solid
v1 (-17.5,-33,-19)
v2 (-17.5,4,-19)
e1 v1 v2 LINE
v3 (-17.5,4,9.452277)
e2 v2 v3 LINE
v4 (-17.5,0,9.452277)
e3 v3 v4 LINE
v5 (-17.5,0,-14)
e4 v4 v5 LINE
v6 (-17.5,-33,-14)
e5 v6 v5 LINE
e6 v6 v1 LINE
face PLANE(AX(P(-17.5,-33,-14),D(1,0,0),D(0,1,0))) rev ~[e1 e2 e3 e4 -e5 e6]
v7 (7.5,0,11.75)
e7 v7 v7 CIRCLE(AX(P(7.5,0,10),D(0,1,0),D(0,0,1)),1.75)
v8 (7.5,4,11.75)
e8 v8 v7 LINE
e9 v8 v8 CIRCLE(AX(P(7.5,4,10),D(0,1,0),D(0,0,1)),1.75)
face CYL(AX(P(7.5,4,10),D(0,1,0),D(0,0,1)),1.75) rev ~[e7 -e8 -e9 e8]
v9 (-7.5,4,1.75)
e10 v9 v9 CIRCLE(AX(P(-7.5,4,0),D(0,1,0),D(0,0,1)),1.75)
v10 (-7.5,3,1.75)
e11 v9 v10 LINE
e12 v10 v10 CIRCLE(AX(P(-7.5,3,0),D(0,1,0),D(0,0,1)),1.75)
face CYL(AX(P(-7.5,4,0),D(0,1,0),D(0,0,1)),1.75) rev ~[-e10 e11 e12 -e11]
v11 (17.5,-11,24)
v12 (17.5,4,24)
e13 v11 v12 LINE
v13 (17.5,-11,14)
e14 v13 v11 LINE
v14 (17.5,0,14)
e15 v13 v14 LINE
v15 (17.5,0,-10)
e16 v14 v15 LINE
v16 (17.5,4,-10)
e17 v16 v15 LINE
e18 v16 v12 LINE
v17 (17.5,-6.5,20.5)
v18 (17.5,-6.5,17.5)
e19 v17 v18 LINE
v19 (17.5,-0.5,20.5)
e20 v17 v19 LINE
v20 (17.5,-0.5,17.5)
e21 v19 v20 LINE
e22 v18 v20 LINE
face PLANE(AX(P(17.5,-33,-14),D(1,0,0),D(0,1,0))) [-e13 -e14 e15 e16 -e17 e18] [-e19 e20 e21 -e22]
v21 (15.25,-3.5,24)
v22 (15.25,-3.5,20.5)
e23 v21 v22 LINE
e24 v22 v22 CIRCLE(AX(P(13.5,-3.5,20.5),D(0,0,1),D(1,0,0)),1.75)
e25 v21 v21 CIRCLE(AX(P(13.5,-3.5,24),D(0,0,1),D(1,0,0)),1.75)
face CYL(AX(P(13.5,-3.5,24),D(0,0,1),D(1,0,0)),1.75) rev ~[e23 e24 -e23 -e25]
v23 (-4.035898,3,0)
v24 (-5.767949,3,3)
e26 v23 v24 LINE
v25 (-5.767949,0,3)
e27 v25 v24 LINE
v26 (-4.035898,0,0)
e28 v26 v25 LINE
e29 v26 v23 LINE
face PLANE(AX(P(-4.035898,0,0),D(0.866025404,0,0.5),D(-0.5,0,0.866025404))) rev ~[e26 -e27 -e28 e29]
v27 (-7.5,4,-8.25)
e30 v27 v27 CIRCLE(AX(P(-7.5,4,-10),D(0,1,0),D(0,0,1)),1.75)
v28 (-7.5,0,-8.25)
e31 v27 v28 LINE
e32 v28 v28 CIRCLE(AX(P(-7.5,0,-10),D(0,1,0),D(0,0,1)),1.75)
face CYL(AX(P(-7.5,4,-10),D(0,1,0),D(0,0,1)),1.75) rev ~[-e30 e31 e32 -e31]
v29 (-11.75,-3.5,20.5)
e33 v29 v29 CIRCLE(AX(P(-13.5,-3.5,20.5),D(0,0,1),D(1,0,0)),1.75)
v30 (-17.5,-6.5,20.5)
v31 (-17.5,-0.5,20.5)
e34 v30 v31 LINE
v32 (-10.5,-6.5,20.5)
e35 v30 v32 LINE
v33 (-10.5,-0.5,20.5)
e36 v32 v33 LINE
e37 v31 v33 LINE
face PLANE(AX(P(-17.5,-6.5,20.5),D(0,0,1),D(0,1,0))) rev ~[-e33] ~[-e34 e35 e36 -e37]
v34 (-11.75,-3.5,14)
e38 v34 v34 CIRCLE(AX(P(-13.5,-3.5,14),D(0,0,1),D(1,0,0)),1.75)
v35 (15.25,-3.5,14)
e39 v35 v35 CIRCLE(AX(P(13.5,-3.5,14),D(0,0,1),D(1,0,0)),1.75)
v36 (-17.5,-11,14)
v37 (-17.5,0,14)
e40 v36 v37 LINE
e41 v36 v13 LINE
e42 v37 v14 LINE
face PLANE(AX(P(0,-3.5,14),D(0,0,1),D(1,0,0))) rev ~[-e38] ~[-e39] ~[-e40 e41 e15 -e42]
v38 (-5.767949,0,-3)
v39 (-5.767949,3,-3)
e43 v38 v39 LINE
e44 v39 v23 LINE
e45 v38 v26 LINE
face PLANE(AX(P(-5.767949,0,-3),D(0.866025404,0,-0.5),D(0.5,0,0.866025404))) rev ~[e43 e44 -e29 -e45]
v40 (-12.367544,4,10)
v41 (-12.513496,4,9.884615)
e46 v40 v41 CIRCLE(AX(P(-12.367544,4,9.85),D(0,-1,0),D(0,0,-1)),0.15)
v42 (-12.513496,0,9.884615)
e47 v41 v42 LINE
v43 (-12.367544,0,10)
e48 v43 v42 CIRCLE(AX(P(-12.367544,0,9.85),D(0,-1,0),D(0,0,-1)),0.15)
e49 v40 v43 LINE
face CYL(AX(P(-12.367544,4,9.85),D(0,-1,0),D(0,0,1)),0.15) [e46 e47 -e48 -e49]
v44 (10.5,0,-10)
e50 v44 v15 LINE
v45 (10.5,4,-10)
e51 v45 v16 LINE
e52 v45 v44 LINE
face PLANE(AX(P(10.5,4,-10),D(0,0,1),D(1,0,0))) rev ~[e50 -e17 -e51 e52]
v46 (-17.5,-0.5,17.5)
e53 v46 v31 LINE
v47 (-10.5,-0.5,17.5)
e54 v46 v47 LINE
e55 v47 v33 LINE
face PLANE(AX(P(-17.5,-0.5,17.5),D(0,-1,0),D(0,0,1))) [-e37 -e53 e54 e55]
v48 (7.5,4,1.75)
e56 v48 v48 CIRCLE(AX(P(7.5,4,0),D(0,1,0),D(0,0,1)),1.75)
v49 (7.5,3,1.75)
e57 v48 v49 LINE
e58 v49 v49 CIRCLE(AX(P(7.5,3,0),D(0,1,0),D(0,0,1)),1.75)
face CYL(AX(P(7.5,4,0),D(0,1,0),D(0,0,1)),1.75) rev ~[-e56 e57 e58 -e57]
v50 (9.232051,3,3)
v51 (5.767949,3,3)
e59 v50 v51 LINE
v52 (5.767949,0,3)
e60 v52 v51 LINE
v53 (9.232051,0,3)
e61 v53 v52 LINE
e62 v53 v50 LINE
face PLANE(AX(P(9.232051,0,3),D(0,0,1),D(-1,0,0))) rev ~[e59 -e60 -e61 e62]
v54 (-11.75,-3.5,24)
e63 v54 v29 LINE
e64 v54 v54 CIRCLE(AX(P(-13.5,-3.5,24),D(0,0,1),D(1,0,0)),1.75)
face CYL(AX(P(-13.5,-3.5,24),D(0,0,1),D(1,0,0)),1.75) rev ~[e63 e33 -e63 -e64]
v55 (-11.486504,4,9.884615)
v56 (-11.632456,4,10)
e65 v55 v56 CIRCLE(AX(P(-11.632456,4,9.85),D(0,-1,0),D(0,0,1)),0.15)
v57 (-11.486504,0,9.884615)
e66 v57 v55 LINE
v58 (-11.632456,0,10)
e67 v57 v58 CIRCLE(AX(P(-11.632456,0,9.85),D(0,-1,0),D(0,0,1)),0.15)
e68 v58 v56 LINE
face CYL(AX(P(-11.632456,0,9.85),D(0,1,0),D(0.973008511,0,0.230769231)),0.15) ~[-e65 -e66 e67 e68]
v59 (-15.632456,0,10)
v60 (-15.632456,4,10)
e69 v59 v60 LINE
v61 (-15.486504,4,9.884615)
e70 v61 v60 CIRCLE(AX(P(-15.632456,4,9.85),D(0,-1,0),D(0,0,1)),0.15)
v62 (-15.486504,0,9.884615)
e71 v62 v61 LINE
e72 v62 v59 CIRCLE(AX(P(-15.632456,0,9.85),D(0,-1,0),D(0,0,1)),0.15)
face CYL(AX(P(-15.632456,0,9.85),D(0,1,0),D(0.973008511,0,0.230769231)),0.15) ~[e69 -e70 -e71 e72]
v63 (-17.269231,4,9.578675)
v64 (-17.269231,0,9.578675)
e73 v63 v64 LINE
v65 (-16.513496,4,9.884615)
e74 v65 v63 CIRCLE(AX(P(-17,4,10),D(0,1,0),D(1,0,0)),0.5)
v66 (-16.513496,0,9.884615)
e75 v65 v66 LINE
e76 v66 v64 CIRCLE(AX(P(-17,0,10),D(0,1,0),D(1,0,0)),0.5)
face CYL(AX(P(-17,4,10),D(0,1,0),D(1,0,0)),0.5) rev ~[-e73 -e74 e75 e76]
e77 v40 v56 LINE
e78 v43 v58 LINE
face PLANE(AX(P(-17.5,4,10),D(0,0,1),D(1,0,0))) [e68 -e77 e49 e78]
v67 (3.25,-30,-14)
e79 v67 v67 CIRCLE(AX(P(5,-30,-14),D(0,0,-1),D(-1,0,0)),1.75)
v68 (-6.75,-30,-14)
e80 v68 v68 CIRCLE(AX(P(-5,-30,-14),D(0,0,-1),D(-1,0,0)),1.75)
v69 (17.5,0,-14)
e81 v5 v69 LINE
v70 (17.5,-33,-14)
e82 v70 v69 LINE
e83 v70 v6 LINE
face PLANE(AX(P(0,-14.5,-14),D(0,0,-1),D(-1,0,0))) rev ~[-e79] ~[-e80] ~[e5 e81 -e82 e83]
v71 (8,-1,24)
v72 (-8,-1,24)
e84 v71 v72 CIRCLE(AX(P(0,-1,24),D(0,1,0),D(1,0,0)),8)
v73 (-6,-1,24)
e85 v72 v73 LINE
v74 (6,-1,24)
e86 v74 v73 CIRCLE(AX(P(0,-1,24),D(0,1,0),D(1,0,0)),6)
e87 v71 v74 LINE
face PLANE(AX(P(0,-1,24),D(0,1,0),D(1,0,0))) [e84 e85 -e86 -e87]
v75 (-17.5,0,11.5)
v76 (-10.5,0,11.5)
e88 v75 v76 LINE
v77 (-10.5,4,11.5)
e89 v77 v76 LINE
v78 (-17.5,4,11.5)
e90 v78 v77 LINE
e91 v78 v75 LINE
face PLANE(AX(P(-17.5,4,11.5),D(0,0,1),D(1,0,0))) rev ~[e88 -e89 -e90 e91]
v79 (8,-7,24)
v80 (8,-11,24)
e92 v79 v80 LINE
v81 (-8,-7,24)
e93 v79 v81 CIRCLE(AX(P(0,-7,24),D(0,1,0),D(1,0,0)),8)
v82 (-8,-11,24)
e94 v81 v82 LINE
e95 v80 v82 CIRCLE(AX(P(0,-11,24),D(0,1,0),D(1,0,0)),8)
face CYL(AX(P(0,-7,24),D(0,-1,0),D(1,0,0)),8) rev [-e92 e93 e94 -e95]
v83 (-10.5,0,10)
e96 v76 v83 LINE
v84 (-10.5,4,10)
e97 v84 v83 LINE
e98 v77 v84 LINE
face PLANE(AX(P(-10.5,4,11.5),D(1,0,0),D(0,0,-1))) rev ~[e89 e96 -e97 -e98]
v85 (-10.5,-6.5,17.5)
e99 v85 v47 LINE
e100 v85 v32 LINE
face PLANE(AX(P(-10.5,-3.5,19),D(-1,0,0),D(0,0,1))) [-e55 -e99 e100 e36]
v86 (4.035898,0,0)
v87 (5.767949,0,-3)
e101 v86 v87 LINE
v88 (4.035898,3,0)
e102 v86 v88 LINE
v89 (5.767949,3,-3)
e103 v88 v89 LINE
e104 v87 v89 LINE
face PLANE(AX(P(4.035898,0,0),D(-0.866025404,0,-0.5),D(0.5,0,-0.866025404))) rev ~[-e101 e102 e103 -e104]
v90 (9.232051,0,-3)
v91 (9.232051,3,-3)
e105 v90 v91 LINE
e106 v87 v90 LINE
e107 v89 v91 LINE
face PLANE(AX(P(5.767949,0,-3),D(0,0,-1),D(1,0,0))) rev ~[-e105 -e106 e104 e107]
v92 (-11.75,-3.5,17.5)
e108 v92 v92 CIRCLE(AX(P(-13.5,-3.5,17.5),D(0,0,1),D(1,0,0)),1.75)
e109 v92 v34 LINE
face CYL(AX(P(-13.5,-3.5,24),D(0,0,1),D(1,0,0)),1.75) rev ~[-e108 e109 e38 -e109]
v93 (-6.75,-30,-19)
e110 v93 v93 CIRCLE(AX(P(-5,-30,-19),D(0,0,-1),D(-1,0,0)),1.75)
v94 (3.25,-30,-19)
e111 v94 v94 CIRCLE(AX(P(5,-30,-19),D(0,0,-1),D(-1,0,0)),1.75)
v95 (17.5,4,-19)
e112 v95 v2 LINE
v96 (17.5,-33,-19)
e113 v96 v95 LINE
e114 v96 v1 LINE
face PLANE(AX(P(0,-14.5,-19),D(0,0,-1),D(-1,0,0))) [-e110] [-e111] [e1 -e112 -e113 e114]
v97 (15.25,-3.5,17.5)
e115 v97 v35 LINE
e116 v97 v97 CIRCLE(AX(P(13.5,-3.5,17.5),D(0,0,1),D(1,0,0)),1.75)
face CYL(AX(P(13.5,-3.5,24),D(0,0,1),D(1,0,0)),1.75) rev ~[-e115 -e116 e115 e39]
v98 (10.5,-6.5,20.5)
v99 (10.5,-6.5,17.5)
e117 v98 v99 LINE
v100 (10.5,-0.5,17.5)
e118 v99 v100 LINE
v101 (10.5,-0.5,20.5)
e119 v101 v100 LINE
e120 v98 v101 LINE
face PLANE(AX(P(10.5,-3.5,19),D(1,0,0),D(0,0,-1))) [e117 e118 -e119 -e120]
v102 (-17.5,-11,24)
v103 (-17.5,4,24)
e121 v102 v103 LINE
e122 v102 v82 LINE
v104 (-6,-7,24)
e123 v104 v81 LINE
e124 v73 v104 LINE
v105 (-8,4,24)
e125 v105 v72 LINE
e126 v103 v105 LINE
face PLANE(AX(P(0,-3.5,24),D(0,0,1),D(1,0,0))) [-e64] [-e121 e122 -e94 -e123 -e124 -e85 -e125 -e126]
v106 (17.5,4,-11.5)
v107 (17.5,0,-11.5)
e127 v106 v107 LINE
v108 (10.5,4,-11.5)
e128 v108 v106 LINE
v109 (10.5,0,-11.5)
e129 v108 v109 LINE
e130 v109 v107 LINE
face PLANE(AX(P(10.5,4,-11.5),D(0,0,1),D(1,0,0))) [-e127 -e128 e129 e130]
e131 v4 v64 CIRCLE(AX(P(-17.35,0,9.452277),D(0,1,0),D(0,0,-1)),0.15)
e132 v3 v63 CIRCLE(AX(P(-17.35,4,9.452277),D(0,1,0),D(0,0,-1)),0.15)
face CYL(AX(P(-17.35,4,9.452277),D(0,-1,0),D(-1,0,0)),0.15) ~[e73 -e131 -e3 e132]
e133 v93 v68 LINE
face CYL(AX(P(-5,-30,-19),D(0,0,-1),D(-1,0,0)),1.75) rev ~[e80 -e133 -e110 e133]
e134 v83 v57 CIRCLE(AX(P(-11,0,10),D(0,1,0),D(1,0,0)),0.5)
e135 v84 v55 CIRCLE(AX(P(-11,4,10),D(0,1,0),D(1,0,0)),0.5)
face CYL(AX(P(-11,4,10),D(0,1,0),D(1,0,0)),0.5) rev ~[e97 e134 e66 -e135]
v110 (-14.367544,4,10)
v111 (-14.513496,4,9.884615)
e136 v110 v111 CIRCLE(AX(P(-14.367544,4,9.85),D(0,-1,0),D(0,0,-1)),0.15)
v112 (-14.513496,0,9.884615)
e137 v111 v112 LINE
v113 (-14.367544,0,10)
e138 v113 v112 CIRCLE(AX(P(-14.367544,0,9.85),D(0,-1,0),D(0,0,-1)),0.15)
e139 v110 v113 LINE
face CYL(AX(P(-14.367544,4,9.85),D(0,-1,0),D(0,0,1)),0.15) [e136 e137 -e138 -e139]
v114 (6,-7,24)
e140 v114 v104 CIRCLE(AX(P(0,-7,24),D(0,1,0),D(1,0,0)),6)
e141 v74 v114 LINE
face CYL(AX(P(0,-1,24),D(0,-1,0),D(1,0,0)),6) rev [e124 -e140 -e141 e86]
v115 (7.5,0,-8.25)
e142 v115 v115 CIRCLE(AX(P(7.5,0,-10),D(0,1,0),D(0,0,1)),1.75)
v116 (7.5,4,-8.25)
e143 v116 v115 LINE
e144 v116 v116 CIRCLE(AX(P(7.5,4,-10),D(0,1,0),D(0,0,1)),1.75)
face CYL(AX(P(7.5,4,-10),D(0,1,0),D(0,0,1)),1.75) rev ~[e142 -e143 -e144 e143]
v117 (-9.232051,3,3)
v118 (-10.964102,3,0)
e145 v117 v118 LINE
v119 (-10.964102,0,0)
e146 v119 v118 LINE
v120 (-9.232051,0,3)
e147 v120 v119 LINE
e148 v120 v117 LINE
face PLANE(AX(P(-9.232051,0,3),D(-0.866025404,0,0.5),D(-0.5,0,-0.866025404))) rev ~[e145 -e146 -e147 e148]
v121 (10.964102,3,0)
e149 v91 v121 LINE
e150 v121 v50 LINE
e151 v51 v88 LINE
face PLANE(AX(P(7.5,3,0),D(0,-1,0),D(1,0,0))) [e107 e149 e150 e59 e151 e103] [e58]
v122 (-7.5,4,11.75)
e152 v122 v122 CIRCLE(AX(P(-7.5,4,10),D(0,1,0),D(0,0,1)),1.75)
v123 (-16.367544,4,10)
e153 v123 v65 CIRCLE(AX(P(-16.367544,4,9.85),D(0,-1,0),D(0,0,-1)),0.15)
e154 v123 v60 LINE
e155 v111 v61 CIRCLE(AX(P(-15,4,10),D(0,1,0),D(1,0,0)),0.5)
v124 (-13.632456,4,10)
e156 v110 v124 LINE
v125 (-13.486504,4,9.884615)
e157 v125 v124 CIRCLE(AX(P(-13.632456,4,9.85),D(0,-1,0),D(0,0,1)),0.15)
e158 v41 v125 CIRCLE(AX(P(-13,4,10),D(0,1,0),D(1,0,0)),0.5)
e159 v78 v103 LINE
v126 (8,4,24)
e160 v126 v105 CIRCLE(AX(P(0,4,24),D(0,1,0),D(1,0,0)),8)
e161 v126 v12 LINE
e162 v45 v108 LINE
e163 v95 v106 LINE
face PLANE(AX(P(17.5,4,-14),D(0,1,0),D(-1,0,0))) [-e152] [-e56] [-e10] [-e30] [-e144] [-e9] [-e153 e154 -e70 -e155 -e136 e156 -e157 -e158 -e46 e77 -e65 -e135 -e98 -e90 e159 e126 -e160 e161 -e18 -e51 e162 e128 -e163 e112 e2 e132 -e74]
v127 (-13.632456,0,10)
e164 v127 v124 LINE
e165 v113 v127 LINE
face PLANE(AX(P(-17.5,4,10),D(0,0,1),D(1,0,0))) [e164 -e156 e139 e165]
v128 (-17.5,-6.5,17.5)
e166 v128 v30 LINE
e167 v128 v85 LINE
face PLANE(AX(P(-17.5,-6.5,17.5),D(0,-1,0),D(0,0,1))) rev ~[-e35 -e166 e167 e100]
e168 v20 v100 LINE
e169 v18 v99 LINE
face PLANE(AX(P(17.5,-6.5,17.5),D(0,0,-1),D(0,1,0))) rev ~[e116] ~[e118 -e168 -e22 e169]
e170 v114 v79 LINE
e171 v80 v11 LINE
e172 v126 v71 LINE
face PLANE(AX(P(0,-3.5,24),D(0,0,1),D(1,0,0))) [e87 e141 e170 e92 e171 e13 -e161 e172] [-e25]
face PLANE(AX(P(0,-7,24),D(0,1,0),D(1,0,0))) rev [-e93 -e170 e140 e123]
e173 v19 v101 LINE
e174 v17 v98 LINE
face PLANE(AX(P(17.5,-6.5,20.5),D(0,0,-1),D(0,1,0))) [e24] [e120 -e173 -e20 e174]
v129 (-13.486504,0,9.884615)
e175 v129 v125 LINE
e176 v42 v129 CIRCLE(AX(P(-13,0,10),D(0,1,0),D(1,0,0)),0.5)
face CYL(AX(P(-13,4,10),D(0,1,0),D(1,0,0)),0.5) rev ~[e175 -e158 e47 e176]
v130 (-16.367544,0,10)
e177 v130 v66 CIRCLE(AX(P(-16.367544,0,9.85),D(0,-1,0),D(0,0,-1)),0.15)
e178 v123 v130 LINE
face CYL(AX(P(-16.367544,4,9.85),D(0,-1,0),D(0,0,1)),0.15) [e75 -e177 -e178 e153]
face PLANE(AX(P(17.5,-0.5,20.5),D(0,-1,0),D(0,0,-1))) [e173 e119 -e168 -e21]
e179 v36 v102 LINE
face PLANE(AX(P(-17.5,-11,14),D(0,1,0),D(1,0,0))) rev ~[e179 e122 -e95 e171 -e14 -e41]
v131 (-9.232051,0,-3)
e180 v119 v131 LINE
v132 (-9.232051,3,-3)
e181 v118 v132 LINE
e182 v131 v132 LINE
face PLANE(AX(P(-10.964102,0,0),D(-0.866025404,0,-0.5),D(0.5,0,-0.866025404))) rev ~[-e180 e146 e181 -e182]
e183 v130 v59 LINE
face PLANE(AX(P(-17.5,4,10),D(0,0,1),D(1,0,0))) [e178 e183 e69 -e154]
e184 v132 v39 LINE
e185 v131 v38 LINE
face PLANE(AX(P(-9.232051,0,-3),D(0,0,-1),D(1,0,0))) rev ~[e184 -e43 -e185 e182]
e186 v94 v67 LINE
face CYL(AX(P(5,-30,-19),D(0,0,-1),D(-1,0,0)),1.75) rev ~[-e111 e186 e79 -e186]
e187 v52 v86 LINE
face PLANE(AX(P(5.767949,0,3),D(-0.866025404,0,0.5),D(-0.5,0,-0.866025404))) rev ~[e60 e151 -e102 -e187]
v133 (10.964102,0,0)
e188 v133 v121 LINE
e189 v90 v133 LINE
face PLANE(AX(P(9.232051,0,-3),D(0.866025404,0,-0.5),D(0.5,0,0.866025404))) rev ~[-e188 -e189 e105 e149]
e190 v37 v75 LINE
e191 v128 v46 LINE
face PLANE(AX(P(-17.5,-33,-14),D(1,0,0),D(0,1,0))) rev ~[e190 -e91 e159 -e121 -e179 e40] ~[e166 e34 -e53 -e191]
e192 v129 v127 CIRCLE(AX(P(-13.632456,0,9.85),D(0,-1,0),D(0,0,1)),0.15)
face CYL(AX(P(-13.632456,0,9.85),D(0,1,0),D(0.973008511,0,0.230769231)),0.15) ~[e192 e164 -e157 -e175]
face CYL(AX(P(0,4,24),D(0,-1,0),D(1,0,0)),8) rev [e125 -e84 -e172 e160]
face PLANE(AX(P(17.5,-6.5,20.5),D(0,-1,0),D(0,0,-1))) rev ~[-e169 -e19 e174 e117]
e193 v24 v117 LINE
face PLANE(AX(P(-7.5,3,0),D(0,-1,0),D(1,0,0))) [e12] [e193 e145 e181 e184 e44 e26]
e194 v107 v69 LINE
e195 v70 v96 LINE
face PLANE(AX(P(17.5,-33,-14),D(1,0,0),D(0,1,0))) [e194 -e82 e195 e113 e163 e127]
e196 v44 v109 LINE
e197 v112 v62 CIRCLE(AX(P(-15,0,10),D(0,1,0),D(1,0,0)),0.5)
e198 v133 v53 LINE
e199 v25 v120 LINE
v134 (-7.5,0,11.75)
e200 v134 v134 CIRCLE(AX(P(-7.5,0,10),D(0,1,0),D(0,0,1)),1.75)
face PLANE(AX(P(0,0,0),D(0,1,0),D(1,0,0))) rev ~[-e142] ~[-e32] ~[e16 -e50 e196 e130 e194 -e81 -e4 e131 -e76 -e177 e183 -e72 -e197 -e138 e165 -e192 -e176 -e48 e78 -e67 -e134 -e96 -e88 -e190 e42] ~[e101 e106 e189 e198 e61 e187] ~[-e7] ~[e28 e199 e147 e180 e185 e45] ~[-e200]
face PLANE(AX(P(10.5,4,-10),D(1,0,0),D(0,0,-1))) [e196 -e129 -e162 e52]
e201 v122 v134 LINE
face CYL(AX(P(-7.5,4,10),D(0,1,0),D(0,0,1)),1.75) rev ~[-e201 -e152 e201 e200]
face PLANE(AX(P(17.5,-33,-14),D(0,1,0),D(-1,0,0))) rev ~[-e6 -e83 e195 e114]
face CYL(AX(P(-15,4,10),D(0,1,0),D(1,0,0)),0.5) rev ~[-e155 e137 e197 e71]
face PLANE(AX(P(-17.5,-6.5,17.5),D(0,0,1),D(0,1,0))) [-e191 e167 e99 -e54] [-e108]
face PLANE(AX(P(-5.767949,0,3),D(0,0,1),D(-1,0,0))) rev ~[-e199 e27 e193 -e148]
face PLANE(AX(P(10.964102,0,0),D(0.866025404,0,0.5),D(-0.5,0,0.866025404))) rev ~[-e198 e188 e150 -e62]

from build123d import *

# Parameters (mm, degrees)
SKETCH1_W           = 35
SKETCH1_H           = 28
BOSS_EXTRUDE1_DEPTH = 4
SKETCH2_R           = 1.75
CUT_EXTRUDE1_DEPTH  = 23.765104876
SKETCH3_W           = 35
SKETCH3_H           = 15
BOSS_EXTRUDE2_DEPTH = 10
CUT_REVOLVE1_ANGLE  = 180
SKETCH6_R           = 1.75
CUT_EXTRUDE3_DEPTH  = 10
SKETCH8_W           = 3
SKETCH8_H           = 6
CUT_EXTRUDE4_DEPTH  = 7
SKETCH9_W           = 3
SKETCH9_H           = 6
CUT_EXTRUDE5_DEPTH  = 7
SKETCH7_W           = 35
SKETCH7_H           = 37
BOSS_EXTRUDE3_DEPTH = 5
SKETCH10_R          = 1.75
CUT_EXTRUDE6_DEPTH  = 5
SKETCH18_W          = 7
SKETCH18_H          = 1.5
CUT_EXTRUDE14_DEPTH = 48.44733923
SKETCH19_R          = 1.75
CUT_EXTRUDE15_DEPTH = 48.44733923
CUT_EXTRUDE16_DEPTH = 3
SKETCH21_R          = 0.5
CUT_EXTRUDE17_DEPTH = 4
LPATTERN2_COUNT     = 4
LPATTERN2_PITCH     = 2
FILLET2_R           = 0.15


with BuildPart() as part:
    # Sketch1 → Boss-Extrude1 (new body)
    with BuildSketch(Plane(origin=(0, 0, 0), x_dir=(1, 0, 0), z_dir=(0, 1, 0))):
        Rectangle(SKETCH1_W, SKETCH1_H)
    extrude(amount=BOSS_EXTRUDE1_DEPTH)

    # Sketch2 → Cut-Extrude1 (cut, through all)
    with BuildSketch(Plane(origin=(0, 4, 0), x_dir=(1, 0, 0), z_dir=(0, 1, 0))):
        with Locations(Location((-7.5, -10, 0), (0, 0, 270))):
            Circle(SKETCH2_R)
        with Locations(Location((-7.5, 10, 0), (0, 0, 270))):
            Circle(SKETCH2_R)
        with Locations(Location((7.5, -10, 0), (0, 0, 270))):
            Circle(SKETCH2_R)
        with Locations(Location((7.5, 10, 0), (0, 0, 270))):
            Circle(SKETCH2_R)
    extrude(amount=-CUT_EXTRUDE1_DEPTH, mode=Mode.SUBTRACT)

    # Sketch3 → Boss-Extrude2 (add)
    with BuildSketch(Plane.XY.offset(14)):
        with Locations((0, -3.5)):
            Rectangle(SKETCH3_W, SKETCH3_H)
    extrude(amount=BOSS_EXTRUDE2_DEPTH)

    # Sketch5 → Cut-Revolve1 (revolve, cut)
    with BuildSketch(Plane.XY.offset(24)):
        Polygon((0, 4), (8, 4), (8, -1), (6, -1), (6, -7), (8, -7), (8, -11), (0, -11), align=None)
    revolve(axis=Axis((0, 4, 24), (0, 1, 0)), revolution_arc=CUT_REVOLVE1_ANGLE, mode=Mode.SUBTRACT)

    # Sketch6 → Cut-Extrude3 (cut)
    with BuildSketch(Plane.XY.offset(24)):
        with Locations((-13.5, -3.5)):
            Circle(SKETCH6_R)
        with Locations((13.5, -3.5)):
            Circle(SKETCH6_R)
    extrude(amount=-CUT_EXTRUDE3_DEPTH, mode=Mode.SUBTRACT)

    # Sketch8 → Cut-Extrude4 (cut)
    with BuildSketch(Plane.ZY.offset(17.5)):
        with Locations((19, -3.5)):
            Rectangle(SKETCH8_W, SKETCH8_H)
    extrude(amount=-CUT_EXTRUDE4_DEPTH, mode=Mode.SUBTRACT)

    # Sketch9 → Cut-Extrude5 (cut)
    with BuildSketch(Plane(origin=(17.5, 0, 0), x_dir=(0, 0, -1), z_dir=(1, 0, 0))):
        with Locations((-19, -3.5)):
            Rectangle(SKETCH9_W, SKETCH9_H)
    extrude(amount=-CUT_EXTRUDE5_DEPTH, mode=Mode.SUBTRACT)

    # Sketch7 → Boss-Extrude3 (add)
    with BuildSketch(Plane(origin=(0, 0, -14), x_dir=(-1, 0, 0), z_dir=(0, 0, -1))):
        with Locations((0, -14.5)):
            Rectangle(SKETCH7_W, SKETCH7_H)
    extrude(amount=BOSS_EXTRUDE3_DEPTH)

    # Sketch10 → Cut-Extrude6 (cut)
    with BuildSketch(Plane(origin=(0, 0, -19), x_dir=(-1, 0, 0), z_dir=(0, 0, -1))):
        with Locations((-5, -30)):
            Circle(SKETCH10_R)
        with Locations((5, -30)):
            Circle(SKETCH10_R)
    extrude(amount=-CUT_EXTRUDE6_DEPTH, mode=Mode.SUBTRACT)

    # Sketch18 → Cut-Extrude14 (cut, through all)
    with BuildSketch(Plane(origin=(0, 4, 0), x_dir=(1, 0, 0), z_dir=(0, 1, 0))):
        with Locations((-14, -10.75)):
            Rectangle(SKETCH18_W, SKETCH18_H)
        with Locations((14, 10.75)):
            Rectangle(SKETCH18_W, SKETCH18_H)
    extrude(amount=-CUT_EXTRUDE14_DEPTH, mode=Mode.SUBTRACT)

    # Sketch19 → Cut-Extrude15 (cut, through all)
    with BuildSketch(Plane(origin=(0, 4, 0), x_dir=(1, 0, 0), z_dir=(0, 1, 0))):
        with Locations(Location((-7.5, 0, 0), (0, 0, 270))):
            Circle(SKETCH19_R)
        with Locations(Location((7.5, 0, 0), (0, 0, 270))):
            Circle(SKETCH19_R)
    extrude(amount=-CUT_EXTRUDE15_DEPTH, mode=Mode.SUBTRACT)

    # Sketch20 → Cut-Extrude16 (cut)
    with BuildSketch(Plane.XZ):
        Polygon((10.964101615, 0), (9.232050808, 3), (5.767949192, 3), (4.035898385, 0), (5.767949192, -3), (9.232050808, -3), align=None)
        Polygon((-10.964101615, 0), (-9.232050808, -3), (-5.767949192, -3), (-4.035898385, 0), (-5.767949192, 3), (-9.232050808, 3), align=None)
    extrude(amount=-CUT_EXTRUDE16_DEPTH, mode=Mode.SUBTRACT)

    # Sketch21 → Cut-Extrude17 (cut)
    with BuildSketch(Plane(origin=(0, 4, 0), x_dir=(1, 0, 0), z_dir=(0, 1, 0))):
        with Locations((-17, -10)):
            Circle(SKETCH21_R)
    cut_extrude17 = extrude(amount=-CUT_EXTRUDE17_DEPTH, mode=Mode.SUBTRACT)

    # LPattern2: Cut-Extrude17 ×4
    with Locations(*[(i * LPATTERN2_PITCH, 0, 0) for i in range(1, LPATTERN2_COUNT)]):
        add(cut_extrude17, mode=Mode.SUBTRACT)

    # Fillet2
    fillet2_edges = [part.edges().sort_by_distance(p)[0] for p in [
        (-17.5, 2, 10),
        (-16.5, 2, 10),
        (-12.5, 2, 10),
        (-13.5, 2, 10),
        (-14.5, 2, 10),
        (-15.5, 2, 10),
        (-11.5, 2, 10),
    ]]
    fillet(fillet2_edges, radius=FILLET2_R)


solid = part.part
